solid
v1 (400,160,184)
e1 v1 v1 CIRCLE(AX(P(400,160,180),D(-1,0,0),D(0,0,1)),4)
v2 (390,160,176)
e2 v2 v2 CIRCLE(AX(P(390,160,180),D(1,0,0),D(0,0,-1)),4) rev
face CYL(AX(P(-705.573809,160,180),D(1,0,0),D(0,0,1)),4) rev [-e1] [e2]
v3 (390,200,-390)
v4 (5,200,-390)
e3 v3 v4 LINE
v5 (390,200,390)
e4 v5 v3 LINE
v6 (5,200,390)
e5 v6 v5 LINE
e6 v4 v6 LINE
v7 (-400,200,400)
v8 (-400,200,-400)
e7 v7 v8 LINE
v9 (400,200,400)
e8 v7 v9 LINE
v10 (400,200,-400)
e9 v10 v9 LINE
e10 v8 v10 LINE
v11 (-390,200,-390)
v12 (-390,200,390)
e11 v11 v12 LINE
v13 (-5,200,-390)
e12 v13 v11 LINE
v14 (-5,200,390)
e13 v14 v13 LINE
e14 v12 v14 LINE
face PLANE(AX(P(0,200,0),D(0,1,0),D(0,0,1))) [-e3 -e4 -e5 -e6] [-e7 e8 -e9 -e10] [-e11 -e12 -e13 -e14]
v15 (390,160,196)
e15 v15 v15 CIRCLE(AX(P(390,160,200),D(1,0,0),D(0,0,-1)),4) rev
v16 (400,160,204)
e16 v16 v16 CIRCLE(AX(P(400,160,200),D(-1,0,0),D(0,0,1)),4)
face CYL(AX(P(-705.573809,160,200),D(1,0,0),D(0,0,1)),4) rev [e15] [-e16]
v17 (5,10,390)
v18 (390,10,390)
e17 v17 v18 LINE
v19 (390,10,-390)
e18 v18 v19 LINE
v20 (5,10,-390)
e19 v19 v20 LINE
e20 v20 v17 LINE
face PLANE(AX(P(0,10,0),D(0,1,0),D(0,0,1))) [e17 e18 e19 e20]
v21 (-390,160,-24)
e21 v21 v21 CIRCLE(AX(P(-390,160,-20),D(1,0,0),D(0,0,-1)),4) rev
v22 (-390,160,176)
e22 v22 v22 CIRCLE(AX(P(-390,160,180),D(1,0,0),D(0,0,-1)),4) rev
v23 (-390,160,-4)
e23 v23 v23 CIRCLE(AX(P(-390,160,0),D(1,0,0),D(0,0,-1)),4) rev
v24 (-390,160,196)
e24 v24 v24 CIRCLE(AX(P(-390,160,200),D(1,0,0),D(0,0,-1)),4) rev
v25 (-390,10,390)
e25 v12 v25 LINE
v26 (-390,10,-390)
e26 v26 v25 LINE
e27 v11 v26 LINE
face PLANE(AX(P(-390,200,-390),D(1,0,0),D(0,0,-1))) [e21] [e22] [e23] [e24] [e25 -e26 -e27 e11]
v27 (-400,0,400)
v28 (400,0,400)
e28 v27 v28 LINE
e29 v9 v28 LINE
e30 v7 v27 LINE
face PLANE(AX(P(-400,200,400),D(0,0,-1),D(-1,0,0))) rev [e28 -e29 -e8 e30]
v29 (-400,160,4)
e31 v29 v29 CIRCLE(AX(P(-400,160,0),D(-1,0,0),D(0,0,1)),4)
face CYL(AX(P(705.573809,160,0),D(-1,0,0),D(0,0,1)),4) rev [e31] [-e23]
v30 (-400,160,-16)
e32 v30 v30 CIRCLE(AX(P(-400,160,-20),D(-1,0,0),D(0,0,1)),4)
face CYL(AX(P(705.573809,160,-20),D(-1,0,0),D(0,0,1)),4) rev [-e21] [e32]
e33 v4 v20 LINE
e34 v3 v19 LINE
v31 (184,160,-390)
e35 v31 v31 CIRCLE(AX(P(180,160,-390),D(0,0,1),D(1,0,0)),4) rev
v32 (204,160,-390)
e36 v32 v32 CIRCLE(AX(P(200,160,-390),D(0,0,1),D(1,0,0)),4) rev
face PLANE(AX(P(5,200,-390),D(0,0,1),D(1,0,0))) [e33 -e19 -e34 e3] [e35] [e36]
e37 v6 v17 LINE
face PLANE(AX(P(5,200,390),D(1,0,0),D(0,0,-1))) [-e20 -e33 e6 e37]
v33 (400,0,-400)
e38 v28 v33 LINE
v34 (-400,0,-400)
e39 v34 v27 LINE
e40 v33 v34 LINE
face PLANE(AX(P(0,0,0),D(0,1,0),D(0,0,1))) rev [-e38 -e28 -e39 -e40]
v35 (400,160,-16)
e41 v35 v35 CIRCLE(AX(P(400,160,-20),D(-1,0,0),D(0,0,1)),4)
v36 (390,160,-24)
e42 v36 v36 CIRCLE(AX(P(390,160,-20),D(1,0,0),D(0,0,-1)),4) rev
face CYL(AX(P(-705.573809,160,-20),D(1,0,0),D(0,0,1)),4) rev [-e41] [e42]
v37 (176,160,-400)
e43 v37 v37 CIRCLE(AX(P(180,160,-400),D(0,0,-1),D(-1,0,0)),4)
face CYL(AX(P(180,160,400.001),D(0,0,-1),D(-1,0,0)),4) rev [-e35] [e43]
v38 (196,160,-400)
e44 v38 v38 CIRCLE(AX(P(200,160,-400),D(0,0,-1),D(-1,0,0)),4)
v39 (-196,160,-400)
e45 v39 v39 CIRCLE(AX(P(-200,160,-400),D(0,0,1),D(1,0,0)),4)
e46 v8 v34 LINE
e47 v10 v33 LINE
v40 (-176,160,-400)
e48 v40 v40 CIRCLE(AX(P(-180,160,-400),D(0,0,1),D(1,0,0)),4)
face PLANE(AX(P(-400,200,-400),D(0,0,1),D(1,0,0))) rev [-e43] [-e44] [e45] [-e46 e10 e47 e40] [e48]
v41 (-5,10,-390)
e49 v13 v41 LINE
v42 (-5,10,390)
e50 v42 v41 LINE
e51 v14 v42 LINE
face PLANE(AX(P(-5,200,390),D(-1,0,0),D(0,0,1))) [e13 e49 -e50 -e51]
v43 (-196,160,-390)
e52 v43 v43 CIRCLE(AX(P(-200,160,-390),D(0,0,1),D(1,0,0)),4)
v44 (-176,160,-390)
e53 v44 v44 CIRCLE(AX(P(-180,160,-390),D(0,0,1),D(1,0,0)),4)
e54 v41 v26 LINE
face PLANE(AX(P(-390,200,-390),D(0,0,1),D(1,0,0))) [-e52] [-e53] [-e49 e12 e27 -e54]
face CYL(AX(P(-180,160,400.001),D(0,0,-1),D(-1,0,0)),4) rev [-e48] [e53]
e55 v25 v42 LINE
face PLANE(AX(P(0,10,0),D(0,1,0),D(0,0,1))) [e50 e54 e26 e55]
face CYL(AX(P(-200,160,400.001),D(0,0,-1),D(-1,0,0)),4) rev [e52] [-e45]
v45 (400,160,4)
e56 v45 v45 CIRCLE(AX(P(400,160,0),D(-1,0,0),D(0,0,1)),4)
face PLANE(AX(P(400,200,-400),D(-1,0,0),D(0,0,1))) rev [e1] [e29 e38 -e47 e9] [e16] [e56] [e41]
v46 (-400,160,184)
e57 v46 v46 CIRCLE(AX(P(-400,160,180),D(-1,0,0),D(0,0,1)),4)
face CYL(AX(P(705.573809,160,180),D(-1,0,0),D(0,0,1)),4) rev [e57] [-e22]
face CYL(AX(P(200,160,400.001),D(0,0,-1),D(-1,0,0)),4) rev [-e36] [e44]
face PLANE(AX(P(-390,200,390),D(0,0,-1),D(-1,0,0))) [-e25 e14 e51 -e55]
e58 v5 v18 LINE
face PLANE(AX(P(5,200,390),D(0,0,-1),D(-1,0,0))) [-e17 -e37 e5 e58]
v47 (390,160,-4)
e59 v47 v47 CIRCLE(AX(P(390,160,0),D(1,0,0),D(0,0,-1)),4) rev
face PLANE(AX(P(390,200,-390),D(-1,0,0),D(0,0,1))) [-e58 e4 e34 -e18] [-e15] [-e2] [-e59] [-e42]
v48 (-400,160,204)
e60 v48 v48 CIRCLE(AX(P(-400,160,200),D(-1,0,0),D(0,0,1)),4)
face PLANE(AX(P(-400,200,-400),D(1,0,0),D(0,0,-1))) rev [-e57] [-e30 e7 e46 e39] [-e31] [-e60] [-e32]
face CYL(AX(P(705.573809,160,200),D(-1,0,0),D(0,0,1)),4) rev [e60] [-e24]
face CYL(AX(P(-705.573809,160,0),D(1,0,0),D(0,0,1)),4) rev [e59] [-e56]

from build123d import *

# Parameters (mm, degrees)
SKETCH_1_W          = 800
SKETCH_1_H          = 800
SKETCH_1_W_2        = 385
SKETCH_1_H_2        = 780
EXTRUDE_1_DEPTH     = 200
SKETCH_2_W          = 800
SKETCH_2_H          = 800
EXTRUDE_2_DEPTH     = 10
EXTRUDE_3_DEPTH     = 10
EXTRUDE_3_2_DEPTH   = 10
SKETCH_4_R          = 4
CUT_EXTRUDE_1_DEPTH = 10
SKETCH_5_R          = 4
CUT_EXTRUDE_2_DEPTH = 10
EXTRUDE_4_DEPTH     = 10
CUT_EXTRUDE_3_REACH = 1087.28
SKETCH_7_R          = 4
CUT_EXTRUDE_4_REACH = 1156.96
SKETCH_8_R          = 4
SKETCH_9_W          = 2800
SKETCH_9_H          = 2800
SKETCH_9_W_2        = 800
SKETCH_9_H_2        = 800
CUT_EXTRUDE_5_DEPTH = 1157.647305275


with BuildPart() as part:
    # 草图1 → 凸台-拉伸1 (new body)
    with BuildSketch(Plane(origin=(0, 0, 0), x_dir=(1, 0, 0), z_dir=(0, 1, 0))):
        Rectangle(SKETCH_1_W, SKETCH_1_H)
        with Locations((-197.5, 0)):
            Rectangle(SKETCH_1_W_2, SKETCH_1_H_2, mode=Mode.SUBTRACT)
        with Locations((197.5, 0)):
            Rectangle(SKETCH_1_W_2, SKETCH_1_H_2, mode=Mode.SUBTRACT)
    extrude(amount=EXTRUDE_1_DEPTH)

    # 草图2 → 凸台-拉伸2 (add)
    with BuildSketch(Plane.XZ):
        Rectangle(SKETCH_2_W, SKETCH_2_H)
    extrude(amount=-EXTRUDE_2_DEPTH)

    # 草图4 → 切除-拉伸1 (cut)
    with BuildSketch(Plane.ZY.offset(400)):
        with Locations((180, 160)):
            Circle(SKETCH_4_R)
        with Locations((200, 160)):
            Circle(SKETCH_4_R)
        with Locations((-20, 160)):
            Circle(SKETCH_4_R)
        with Locations((0, 160)):
            Circle(SKETCH_4_R)
    cut_extrude_1 = extrude(amount=-CUT_EXTRUDE_1_DEPTH, mode=Mode.SUBTRACT)


with BuildPart() as body_2:
    # 草图3 → 凸台-拉伸3 (new body)
    with BuildSketch(Plane(origin=(0, 200, 0), x_dir=(1, 0, 0), z_dir=(0, 1, 0))):
        with BuildLine():
            Line((-400, 400), (-400, -400))
            Line((-400, -400), (-552.7864045, -400))
            ThreePointArc((-552.7864045, -400), (-682.754282993, -327.538161854), (-689.4427191, -178.8854382))
            Line((-689.4427191, -178.8854382), (-400, 400))
        make_face()
    extrude(amount=-EXTRUDE_3_DEPTH)

    # 草图5 → 切除-拉伸2 (cut)
    with BuildSketch(Plane(origin=(0, 200, 0), x_dir=(1, 0, 0), z_dir=(0, 1, 0))):
        with Locations(Location((-430, -180, 0), (0, 0, 270))):
            Circle(SKETCH_5_R)
        with Locations(Location((-430, -200, 0), (0, 0, 270))):
            Circle(SKETCH_5_R)
        with Locations(Location((-430, 20, 0), (0, 0, 270))):
            Circle(SKETCH_5_R)
        with Locations(Location((-430, 0, 0), (0, 0, 270))):
            Circle(SKETCH_5_R)
    cut_extrude_2 = extrude(amount=-CUT_EXTRUDE_2_DEPTH, mode=Mode.SUBTRACT)


with BuildPart() as body_3:
    # 草图3 → Extrude 3 2 (new body)
    with BuildSketch(Plane(origin=(0, 200, 0), x_dir=(1, 0, 0), z_dir=(0, 1, 0))):
        with BuildLine():
            Line((689.4427191, -178.8854382), (400, 400))
            Line((400, 400), (400, -400))
            Line((400, -400), (552.7864045, -400))
            ThreePointArc((552.7864045, -400), (682.754282993, -327.538161854), (689.4427191, -178.8854382))
        make_face()
    extrude(amount=-EXTRUDE_3_2_DEPTH)


with BuildPart() as mirror_1_tool:
    # 镜向1: 切除-拉伸1, 切除-拉伸2 across plane
    add(cut_extrude_1.mirror(Plane(origin=(0, 0, 0), x_dir=(0, 0, 1), z_dir=(1, 0, 0))))
    add(cut_extrude_2.mirror(Plane(origin=(0, 0, 0), x_dir=(0, 0, 1), z_dir=(1, 0, 0))))


with BuildPart() as part_1:
    add(part.part)

    # 镜向1: cut by mirror_1_tool
    add(mirror_1_tool.part, mode=Mode.SUBTRACT)


    add(body_2.part)  # 凸台-拉伸4 merges body 2


with BuildPart() as body_3_1:
    add(body_3.part)

    # 镜向1: cut by mirror_1_tool
    add(mirror_1_tool.part, mode=Mode.SUBTRACT)


with BuildPart() as part_2:
    add(part_1.part)

    add(body_3_1.part)  # 凸台-拉伸4 merges body 3
    # 草图6 → 凸台-拉伸4 (add)
    with BuildSketch(Plane(origin=(0, 200, 0), x_dir=(1, 0, 0), z_dir=(0, 1, 0))):
        with BuildLine():
            Line((-400, 400), (-221.1145618, 757.7708764))
            ThreePointArc((-221.1145618, 757.7708764), (0, 894.427191), (221.1145618, 757.7708764))
            Line((221.1145618, 757.7708764), (400, 400))
            Line((400, 400), (-400, 400))
        make_face()
    extrude(amount=-EXTRUDE_4_DEPTH)

    # 草图7 → 切除-拉伸3 (cut, up to next)
    with BuildSketch(Plane(origin=(0, 0, -400), x_dir=(-1, 0, 0), z_dir=(0, 0, -1)), mode=Mode.PRIVATE) as cut_extrude_3_sk1:
        with Locations((-200, 160)):
            Circle(SKETCH_7_R)
    cut_extrude_3_tool1 = extrude(cut_extrude_3_sk1.sketch, amount=-CUT_EXTRUDE_3_REACH, mode=Mode.PRIVATE) & part_2.part
    # 草图7 → 切除-拉伸3 (cut, up to next)
    with BuildSketch(Plane(origin=(0, 0, -400), x_dir=(-1, 0, 0), z_dir=(0, 0, -1)), mode=Mode.PRIVATE) as cut_extrude_3_sk2:
        with Locations((-180, 160)):
            Circle(SKETCH_7_R)
    cut_extrude_3_tool2 = extrude(cut_extrude_3_sk2.sketch, amount=-CUT_EXTRUDE_3_REACH, mode=Mode.PRIVATE) & part_2.part
    cut_extrude_3_1 = cut_extrude_3_tool1.solids().sort_by_distance((200, 160, -400))[0]
    add(cut_extrude_3_1, mode=Mode.SUBTRACT)
    cut_extrude_3_2 = cut_extrude_3_tool2.solids().sort_by_distance((180, 160, -400))[0]
    add(cut_extrude_3_2, mode=Mode.SUBTRACT)
    cut_extrude_3 = cut_extrude_3_1 + cut_extrude_3_2  # 切除-拉伸3 as one shape, for the pattern or mirror that repeats it

    # 草图8 → 切除-拉伸4 (cut, up to next)
    with BuildSketch(Plane.XZ.offset(-190), mode=Mode.PRIVATE) as cut_extrude_4_sk1:
        with Locations(Location((180, -430, 0), (0, 0, 270))):
            Circle(SKETCH_8_R)
    cut_extrude_4_tool1 = extrude(cut_extrude_4_sk1.sketch, amount=-CUT_EXTRUDE_4_REACH, mode=Mode.PRIVATE) & part_2.part
    # 草图8 → 切除-拉伸4 (cut, up to next)
    with BuildSketch(Plane.XZ.offset(-190), mode=Mode.PRIVATE) as cut_extrude_4_sk2:
        with Locations(Location((200, -430, 0), (0, 0, 270))):
            Circle(SKETCH_8_R)
    cut_extrude_4_tool2 = extrude(cut_extrude_4_sk2.sketch, amount=-CUT_EXTRUDE_4_REACH, mode=Mode.PRIVATE) & part_2.part
    cut_extrude_4_1 = cut_extrude_4_tool1.solids().sort_by_distance((180, 190, -430))[0]
    add(cut_extrude_4_1, mode=Mode.SUBTRACT)
    cut_extrude_4_2 = cut_extrude_4_tool2.solids().sort_by_distance((200, 190, -430))[0]
    add(cut_extrude_4_2, mode=Mode.SUBTRACT)
    cut_extrude_4 = cut_extrude_4_1 + cut_extrude_4_2  # 切除-拉伸4 as one shape, for the pattern or mirror that repeats it

    # 镜向2: 切除-拉伸3, 切除-拉伸4 across plane
    add(cut_extrude_3.mirror(Plane(origin=(0, 0, 0), x_dir=(0, 0, 1), z_dir=(1, 0, 0))), mode=Mode.SUBTRACT)
    add(cut_extrude_4.mirror(Plane(origin=(0, 0, 0), x_dir=(0, 0, 1), z_dir=(1, 0, 0))), mode=Mode.SUBTRACT)

    # 草图9 → 切除-拉伸5 (cut, through all)
    with BuildSketch(Plane.XZ):
        Rectangle(SKETCH_9_W, SKETCH_9_H)
        Rectangle(SKETCH_9_W_2, SKETCH_9_H_2, mode=Mode.SUBTRACT)
    extrude(amount=-CUT_EXTRUDE_5_DEPTH, mode=Mode.SUBTRACT)


solid = part_2.part
